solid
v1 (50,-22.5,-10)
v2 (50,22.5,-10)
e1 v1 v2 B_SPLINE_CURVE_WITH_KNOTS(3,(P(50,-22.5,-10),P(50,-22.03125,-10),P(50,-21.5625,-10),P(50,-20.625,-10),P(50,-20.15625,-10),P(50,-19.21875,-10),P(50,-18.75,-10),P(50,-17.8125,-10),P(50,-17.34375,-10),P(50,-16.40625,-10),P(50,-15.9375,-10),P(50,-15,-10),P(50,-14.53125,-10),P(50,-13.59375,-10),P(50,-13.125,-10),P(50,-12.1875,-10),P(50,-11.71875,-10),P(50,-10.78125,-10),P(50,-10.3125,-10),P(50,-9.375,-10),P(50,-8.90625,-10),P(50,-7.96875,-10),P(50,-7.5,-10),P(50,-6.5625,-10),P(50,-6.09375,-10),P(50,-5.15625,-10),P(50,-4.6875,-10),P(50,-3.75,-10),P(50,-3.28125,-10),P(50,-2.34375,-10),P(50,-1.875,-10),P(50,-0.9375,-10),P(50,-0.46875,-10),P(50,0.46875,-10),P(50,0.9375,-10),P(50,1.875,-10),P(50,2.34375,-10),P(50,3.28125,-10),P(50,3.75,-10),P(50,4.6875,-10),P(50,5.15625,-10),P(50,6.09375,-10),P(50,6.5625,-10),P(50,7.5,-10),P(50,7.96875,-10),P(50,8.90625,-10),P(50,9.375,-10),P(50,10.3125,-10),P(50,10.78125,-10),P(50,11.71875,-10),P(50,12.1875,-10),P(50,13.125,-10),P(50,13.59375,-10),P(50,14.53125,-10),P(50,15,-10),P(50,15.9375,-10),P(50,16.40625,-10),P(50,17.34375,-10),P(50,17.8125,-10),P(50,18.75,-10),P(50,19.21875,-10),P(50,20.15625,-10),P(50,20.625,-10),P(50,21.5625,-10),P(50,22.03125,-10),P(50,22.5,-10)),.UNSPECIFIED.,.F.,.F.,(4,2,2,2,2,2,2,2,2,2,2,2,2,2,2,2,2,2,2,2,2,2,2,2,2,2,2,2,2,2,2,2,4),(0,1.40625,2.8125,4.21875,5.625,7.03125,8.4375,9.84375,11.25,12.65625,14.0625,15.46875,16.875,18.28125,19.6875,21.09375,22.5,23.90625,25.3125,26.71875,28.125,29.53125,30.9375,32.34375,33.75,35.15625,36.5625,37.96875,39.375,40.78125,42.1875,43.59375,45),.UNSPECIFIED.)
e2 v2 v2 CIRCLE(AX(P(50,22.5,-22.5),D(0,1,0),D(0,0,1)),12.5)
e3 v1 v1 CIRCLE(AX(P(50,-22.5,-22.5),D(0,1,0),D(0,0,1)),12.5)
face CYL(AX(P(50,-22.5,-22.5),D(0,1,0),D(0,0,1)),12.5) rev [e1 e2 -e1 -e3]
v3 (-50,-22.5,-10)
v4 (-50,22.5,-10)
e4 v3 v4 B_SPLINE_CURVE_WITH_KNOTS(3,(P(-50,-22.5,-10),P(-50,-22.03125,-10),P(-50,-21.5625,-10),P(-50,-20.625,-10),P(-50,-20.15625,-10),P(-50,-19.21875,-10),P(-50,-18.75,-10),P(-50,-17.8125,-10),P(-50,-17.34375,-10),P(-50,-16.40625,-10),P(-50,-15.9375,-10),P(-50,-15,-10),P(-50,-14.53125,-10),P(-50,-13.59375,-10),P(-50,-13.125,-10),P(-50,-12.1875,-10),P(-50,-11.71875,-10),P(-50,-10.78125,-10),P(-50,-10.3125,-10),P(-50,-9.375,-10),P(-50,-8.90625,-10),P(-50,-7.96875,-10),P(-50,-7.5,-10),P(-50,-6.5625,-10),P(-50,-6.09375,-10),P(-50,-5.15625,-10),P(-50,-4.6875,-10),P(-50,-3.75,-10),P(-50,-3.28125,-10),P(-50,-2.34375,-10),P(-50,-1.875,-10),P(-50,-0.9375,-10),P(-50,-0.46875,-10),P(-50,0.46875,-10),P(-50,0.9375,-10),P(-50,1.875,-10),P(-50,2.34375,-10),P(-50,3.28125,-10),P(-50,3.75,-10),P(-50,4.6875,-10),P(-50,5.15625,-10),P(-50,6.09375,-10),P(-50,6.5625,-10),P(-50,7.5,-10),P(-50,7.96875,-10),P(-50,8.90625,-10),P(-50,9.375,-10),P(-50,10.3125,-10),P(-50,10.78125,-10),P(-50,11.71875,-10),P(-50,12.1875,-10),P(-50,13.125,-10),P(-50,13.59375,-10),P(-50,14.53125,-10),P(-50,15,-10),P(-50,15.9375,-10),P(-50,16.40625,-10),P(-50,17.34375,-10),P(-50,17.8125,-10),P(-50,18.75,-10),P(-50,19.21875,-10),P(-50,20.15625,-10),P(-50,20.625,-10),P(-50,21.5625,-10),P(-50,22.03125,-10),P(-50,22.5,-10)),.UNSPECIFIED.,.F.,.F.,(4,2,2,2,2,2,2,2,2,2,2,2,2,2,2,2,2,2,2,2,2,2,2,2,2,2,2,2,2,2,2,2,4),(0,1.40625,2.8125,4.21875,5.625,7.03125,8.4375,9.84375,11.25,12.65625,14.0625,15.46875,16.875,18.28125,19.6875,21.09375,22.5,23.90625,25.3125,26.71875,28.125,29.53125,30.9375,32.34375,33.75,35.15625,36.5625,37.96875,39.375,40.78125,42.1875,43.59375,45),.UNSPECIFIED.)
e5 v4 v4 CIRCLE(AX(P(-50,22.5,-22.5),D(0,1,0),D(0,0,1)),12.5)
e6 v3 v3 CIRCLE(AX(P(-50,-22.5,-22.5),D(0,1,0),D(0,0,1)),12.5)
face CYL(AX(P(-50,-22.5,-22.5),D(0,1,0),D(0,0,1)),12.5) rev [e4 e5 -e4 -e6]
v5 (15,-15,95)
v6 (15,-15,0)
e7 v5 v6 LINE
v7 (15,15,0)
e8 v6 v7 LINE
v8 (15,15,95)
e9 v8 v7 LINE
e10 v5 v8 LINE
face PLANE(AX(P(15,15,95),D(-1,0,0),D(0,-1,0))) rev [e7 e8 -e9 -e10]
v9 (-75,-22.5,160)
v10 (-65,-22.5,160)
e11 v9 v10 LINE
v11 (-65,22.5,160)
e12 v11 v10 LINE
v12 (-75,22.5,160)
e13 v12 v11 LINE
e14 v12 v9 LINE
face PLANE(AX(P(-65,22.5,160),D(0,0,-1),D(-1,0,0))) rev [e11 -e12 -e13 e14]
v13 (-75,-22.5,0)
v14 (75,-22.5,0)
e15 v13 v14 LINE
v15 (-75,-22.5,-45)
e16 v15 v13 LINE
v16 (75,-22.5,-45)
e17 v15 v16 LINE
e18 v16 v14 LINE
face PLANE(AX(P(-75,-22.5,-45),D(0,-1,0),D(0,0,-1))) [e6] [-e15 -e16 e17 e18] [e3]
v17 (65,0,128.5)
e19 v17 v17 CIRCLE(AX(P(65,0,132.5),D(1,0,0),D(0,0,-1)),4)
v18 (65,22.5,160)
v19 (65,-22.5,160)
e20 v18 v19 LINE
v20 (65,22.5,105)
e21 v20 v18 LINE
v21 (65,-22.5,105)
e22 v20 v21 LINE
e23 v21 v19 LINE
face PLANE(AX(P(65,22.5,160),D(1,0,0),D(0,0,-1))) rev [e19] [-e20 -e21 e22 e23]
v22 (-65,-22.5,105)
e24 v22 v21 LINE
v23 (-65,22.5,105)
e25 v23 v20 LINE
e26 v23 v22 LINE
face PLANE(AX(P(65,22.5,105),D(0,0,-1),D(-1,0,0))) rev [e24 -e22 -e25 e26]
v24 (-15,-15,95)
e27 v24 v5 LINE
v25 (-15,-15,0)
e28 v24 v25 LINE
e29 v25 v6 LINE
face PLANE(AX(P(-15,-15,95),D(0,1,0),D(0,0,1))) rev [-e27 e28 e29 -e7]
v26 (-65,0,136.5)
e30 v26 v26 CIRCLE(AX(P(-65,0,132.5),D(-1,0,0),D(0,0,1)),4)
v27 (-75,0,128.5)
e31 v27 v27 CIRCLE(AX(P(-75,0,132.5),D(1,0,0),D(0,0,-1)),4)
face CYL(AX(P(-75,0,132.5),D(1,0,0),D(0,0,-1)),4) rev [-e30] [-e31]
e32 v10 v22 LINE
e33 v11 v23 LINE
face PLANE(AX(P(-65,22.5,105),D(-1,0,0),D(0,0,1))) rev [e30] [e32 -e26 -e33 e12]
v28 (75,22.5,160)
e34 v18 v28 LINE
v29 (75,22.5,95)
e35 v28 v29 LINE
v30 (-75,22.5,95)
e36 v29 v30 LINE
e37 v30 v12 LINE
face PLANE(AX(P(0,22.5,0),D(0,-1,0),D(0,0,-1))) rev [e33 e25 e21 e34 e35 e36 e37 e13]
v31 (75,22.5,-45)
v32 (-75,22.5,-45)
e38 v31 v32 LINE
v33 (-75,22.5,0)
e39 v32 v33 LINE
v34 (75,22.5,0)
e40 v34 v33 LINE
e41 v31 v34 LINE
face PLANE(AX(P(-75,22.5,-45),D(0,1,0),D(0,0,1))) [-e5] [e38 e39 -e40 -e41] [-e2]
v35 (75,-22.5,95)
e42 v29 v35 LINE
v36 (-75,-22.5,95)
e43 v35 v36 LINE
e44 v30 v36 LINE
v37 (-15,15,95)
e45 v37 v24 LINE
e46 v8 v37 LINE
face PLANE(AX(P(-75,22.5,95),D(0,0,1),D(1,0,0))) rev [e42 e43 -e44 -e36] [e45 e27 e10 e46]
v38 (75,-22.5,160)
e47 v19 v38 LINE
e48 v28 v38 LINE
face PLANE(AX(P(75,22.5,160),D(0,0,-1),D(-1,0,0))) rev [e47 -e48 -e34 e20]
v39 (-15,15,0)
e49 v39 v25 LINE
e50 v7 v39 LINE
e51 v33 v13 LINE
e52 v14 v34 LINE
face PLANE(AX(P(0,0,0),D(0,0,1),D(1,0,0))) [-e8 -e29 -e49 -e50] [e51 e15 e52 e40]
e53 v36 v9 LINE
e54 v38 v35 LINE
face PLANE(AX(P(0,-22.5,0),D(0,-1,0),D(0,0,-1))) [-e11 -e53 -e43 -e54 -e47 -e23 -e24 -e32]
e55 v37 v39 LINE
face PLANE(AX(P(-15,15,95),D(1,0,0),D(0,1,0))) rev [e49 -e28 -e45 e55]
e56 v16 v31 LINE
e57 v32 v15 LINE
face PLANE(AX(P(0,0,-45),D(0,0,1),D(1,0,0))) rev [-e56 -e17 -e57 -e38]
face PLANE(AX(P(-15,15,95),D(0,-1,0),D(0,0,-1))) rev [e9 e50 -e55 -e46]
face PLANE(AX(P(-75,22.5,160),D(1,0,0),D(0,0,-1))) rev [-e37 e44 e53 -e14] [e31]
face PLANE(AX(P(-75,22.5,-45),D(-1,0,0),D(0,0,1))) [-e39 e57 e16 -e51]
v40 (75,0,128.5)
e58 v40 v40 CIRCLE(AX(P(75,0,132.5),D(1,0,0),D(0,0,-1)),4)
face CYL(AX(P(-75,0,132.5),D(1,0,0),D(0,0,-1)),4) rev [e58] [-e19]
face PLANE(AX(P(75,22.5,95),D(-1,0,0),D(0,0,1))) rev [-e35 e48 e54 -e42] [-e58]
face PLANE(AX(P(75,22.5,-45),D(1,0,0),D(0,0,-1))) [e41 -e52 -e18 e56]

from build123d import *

# Parameters (mm, degrees)
SKETCH_1_W               = 150
SKETCH_1_H               = 45
EXTRUDE_1_DEPTH          = 45
CUT_EXTRUDE_1_DEPTH      = 91.311959341
CUT_EXTRUDE_1_DEPTH_BACK = 91.311959341
SKETCH_2_R               = 12.5
SKETCH_3_W               = 30
SKETCH_3_H               = 30
EXTRUDE_2_DEPTH          = 95
EXTRUDE_3_DEPTH          = 22.5
CUT_EXTRUDE_2_DEPTH      = 179.132675273
CUT_EXTRUDE_2_DEPTH_BACK = 179.132675273
SKETCH_5_R               = 4


with BuildPart() as part:
    # 草图1 → 凸台-拉伸1 (new body)
    with BuildSketch(Plane.XY):
        Rectangle(SKETCH_1_W, SKETCH_1_H)
    extrude(amount=-EXTRUDE_1_DEPTH)

    # 草图2 → 切除-拉伸1 (cut, two sides: drawn at the far end of the back side and taken through both)
    with BuildSketch(Plane(origin=(0, 0, 0), x_dir=(1, 0, 0), z_dir=(0, 1, 0)).offset(-CUT_EXTRUDE_1_DEPTH_BACK)):
        with Locations(Location((-50, 22.5, 0), (0, 0, 270))):
            Circle(SKETCH_2_R)
        with Locations(Location((50, 22.5, 0), (0, 0, 270))):
            Circle(SKETCH_2_R)
    extrude(amount=CUT_EXTRUDE_1_DEPTH + CUT_EXTRUDE_1_DEPTH_BACK, mode=Mode.SUBTRACT)

    # 草图3 → 凸台-拉伸2 (add)
    with BuildSketch(Plane.XY):
        Rectangle(SKETCH_3_W, SKETCH_3_H)
    extrude(amount=EXTRUDE_2_DEPTH)

    # 草图4 → 凸台-拉伸3 (add, symmetric)
    with BuildSketch(Plane(origin=(0, 0, 0), x_dir=(1, 0, 0), z_dir=(0, 1, 0))):
        Polygon((-75, -95), (75, -95), (75, -160), (65, -160), (65, -105), (-65, -105), (-65, -160), (-75, -160), align=None)
    extrude(amount=EXTRUDE_3_DEPTH, both=True)

    # 草图5 → 切除-拉伸2 (cut, two sides: drawn at the far end of the back side and taken through both)
    with BuildSketch(Plane(origin=(0, 0, 0), x_dir=(0, 0, -1), z_dir=(1, 0, 0)).offset(-CUT_EXTRUDE_2_DEPTH_BACK)):
        with Locations((-132.5, 0)):
            Circle(SKETCH_5_R)
    extrude(amount=CUT_EXTRUDE_2_DEPTH + CUT_EXTRUDE_2_DEPTH_BACK, mode=Mode.SUBTRACT)


solid = part.part
